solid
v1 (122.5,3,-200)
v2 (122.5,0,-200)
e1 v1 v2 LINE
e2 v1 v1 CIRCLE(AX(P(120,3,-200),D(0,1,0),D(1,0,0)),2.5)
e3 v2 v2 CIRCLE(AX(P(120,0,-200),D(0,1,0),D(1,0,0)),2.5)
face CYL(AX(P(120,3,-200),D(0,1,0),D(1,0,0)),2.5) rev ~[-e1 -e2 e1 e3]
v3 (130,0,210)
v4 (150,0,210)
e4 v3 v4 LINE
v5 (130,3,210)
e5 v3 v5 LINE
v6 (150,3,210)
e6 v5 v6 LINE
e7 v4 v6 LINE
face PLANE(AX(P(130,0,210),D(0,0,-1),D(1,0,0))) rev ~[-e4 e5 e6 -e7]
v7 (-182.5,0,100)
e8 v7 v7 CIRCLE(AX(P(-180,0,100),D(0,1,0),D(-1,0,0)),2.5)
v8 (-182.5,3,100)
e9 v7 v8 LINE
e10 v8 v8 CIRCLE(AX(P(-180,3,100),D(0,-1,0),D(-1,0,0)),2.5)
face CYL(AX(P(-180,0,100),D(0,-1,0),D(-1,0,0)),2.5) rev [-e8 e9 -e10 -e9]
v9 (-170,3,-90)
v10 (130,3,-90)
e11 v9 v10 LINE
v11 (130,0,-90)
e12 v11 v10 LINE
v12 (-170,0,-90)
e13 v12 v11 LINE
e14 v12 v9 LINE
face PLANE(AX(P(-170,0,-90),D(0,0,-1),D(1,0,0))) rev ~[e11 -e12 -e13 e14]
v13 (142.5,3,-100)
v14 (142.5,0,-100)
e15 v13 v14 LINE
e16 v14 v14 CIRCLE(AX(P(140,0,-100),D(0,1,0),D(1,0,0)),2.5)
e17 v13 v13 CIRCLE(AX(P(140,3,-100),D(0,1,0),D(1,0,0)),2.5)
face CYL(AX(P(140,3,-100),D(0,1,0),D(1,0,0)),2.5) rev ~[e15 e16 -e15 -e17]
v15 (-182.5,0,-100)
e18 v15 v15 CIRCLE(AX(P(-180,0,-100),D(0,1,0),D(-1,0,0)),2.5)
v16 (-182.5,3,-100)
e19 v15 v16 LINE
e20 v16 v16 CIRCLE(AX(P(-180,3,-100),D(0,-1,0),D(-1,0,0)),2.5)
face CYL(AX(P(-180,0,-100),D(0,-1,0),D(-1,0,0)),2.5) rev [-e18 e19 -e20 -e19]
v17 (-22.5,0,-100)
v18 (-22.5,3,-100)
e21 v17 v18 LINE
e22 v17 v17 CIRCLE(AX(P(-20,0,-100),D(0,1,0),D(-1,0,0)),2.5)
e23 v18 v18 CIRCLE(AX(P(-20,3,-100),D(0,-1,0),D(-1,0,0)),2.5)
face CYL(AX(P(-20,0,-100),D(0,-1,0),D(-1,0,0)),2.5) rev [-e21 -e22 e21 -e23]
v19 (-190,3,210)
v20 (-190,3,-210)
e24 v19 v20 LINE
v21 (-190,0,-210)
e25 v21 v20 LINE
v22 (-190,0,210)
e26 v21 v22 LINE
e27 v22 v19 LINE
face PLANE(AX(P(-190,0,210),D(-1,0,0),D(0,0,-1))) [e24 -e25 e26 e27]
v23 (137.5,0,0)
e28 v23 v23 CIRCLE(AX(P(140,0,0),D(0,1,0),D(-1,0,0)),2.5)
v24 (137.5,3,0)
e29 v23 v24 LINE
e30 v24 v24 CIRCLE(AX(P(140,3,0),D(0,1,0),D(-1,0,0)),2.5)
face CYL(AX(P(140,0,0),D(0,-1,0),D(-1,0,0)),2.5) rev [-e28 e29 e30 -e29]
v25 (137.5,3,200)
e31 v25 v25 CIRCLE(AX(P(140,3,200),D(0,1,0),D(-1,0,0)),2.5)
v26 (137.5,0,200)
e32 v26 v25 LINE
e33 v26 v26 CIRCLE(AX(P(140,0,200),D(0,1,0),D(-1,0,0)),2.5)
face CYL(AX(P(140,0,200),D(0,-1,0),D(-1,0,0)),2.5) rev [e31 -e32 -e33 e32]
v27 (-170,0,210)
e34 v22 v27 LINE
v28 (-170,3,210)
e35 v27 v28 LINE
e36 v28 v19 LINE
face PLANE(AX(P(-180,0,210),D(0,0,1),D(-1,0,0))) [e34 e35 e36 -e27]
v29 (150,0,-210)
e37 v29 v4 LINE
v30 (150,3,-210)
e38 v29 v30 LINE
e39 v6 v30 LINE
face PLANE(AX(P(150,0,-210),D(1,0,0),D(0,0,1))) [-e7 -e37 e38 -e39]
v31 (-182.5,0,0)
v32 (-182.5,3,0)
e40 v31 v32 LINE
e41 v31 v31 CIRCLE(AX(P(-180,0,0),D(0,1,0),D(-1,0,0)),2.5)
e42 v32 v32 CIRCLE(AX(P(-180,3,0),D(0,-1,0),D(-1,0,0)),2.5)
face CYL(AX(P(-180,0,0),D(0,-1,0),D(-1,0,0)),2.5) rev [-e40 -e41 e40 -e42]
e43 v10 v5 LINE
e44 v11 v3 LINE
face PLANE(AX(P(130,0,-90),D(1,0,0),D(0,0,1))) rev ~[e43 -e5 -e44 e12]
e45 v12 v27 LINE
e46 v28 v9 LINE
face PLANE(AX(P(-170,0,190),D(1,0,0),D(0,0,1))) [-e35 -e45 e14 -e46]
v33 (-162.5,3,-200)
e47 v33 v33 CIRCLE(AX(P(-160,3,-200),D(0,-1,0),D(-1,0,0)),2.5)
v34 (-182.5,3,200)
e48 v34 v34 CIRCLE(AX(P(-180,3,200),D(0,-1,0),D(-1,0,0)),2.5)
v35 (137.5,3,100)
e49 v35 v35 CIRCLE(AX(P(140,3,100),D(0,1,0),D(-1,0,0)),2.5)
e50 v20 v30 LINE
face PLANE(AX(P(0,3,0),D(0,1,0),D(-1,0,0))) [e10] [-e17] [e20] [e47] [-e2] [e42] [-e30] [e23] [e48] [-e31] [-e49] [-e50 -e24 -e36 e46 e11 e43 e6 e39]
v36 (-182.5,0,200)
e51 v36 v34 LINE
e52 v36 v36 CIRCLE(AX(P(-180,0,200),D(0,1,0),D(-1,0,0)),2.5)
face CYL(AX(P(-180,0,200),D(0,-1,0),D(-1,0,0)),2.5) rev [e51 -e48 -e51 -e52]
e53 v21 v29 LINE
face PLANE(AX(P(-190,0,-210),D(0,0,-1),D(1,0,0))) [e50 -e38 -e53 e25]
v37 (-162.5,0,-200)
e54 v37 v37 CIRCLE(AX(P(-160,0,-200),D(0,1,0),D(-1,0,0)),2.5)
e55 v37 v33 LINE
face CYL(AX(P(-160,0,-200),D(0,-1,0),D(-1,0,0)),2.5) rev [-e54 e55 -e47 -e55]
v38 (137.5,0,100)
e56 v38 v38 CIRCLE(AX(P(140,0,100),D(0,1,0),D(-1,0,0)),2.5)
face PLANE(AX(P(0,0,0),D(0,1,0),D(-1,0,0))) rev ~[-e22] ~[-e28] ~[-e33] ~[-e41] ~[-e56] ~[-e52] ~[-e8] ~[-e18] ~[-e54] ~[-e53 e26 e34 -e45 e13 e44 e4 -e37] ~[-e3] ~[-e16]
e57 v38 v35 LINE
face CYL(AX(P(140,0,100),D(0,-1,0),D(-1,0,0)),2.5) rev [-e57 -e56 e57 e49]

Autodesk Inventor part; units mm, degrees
ref_plane "YZ Plane" through (0, 0, 0) normal (1, 0, 0) x (0, 1, 0)
ref_plane "XZ Plane" through (0, 0, 0) normal (0, 1, 0) x (-1, 0, 0)
ref_plane "XY Plane" through (0, 0, 0) normal (0, 0, 1) x (1, 0, 0)
sketch "Sketch1" plane through (0, 0, 0) normal (0, 1, 0) x (-1, 0, 0)
  line L0 (190, 210) -> (190, -210)
  line L1 (190, -210) -> (-150, -210)
  line L2 (-150, -210) -> (-150, 210)
  line L3 (-150, -190) -> (170, -190)
  line L4 (170, -190) -> (170, 190)
  line L5 (-150, -200) -> (180, -200)
  line L6 (180, -200) -> (180, 200)
  line L7 (190, -210) -> (190, -90)
  line L8 (190, -90) -> (-150, -90)
  line L9 (170, 190) -> (170, 210)
  line L10 (180, 200) -> (180, 210)
  line L11 (170, 210) -> (190, 210)
  line L12 (190, -90) -> (190, -100)
  line L13 (190, -100) -> (-150, -100)
  line L14 (190, -100) -> (190, -110)
  line L15 (190, -110) -> (-150, -110)
  circle A0 centre (180, 200) radius 2.5
  circle A1 centre (180, -100) radius 2.5
  circle A2 centre (20, -100) radius 2.5
  circle A3 centre (180, 100) radius 2.5
  circle A4 centre (180, 0) radius 2.5
  line L16 (0, 0) -> (0, 25.5231)
  circle A5 centre (160, -200) radius 2.5
  line L17 (-150, -200) -> (-140, -200)
  line L18 (-140, -200) -> (-130, -200)
  line L19 (-130, -200) -> (-130, 210)
  line L20 (-130, 210) -> (-150, 210)
  circle A6 centre (-140, -100) radius 2.5
  circle A7 centre (-140, 0) radius 2.5
  circle A8 centre (-140, 100) radius 2.5
  circle A9 centre (-140, 200) radius 2.5
  circle A10 centre (20, -200) radius 2.5
  line L21 (20, -200) -> (-120, -200)
  circle A11 centre (-120, -200) radius 2.5
  point P0 (170, -90)
  point P1 (180, -90)
  point P2 (-130, -90)
  point P3 (-130, -190)
  point P4 (180, 2.5)
  point P5 (180, -2.5)
  point P6 (180, 202.5)
  point P7 (180, 197.5)
  point P8 (180, 102.5)
  point P9 (180, 97.5)
  dimension "d0" = 340
  dimension "d1" = 420
  dimension "d2" = 20
  dimension "d3" = 10
  dimension "d4" = 120
  dimension "d5" = 10
  dimension "d6" = 10
  dimension "d7" = 5
  dimension "d9" = 5
  dimension "d11" = 5
  dimension "d12" = 5
  dimension "d13" = 5
  dimension "d15" = 5
  dimension "d25" = 10
  dimension "d26" = 10
  dimension "d27" = 5
  dimension "d30" = 5
  dimension "d31" = 140
  dimension "d32" = 5
extrude "Extrusion1" add sketch "Sketch1" along normal blind 3 contours L0 L8 L6 A4 A3 A0 L10 L11 | L0 L13 A1 L6 L8 | L10 A0 L6 A3 A4 L8 L4 L9 L11 | L0 L15 L6 A1 L13 | L6 A1 L13 L4 L8 | L0 L1 L2 L5 A11 A10 A5 L6 L15 | L4 L13 A2 L19 L8 | L15 L4 L13 A1 L6 | L6 L5 A5 A10 A11 L19 L3 L4 L15 | L4 L15 L19 L13 A2 | L19 L13 A6 L2 L8 | L8 L2 L20 L19 | L4 L3 L19 L15 | L19 L15 L2 L13 A6 | L2 L3 L19 L5 | L19 L3 L2 L15 | A6 L13 | L13 A6 | A10 L5 | L5 A10 | A11 L5 | L5 A11
sketch "Sketch3" plane through (0, 3, 0) normal (0, 1, 0) x (1, 0, 0)
  circle A0 centre (-180, -100) radius 2.5 projected
  circle A1 centre (-20, 100) radius 2.5 projected
  circle A2 centre (-160, 200) radius 2.5 projected
  circle A3 centre (-180, 100) radius 2.5 projected
  circle A4 centre (140, 0) radius 2.5 projected
  circle A5 centre (140, -100) radius 2.5 projected
  circle A6 centre (140, -200) radius 2.5 projected
  circle A7 centre (-180, -200) radius 2.5 projected
  line L0 (-190, 210) -> (-190, -210) projected
  line L1 (-190, -210) -> (-170, -210) projected
  line L2 (-170, -210) -> (-170, 90) projected
  line L3 (-170, 90) -> (130, 90) projected
  line L4 (130, 90) -> (130, -210) projected
  line L5 (130, -210) -> (150, -210) projected
  line L6 (150, -210) -> (150, 210) projected
  line L7 (150, 210) -> (-190, 210) projected
  circle A8 centre (-180, 0) radius 2.5 projected
  circle A9 centre (-20, 200) radius 2.5 projected
  circle A10 centre (120, 200) radius 2.5 projected
  circle A11 centre (-180, -100) radius 2.5 projected
  circle A12 centre (-20, 100) radius 2.5 projected
  circle A13 centre (-160, 200) radius 2.5 projected
  circle A14 centre (-180, 100) radius 2.5 projected
  circle A15 centre (140, 0) radius 2.5 projected
  circle A16 centre (140, -100) radius 2.5 projected
  circle A17 centre (140, -200) radius 2.5 projected
  circle A18 centre (-180, -200) radius 2.5 projected
  line L8 (-190, 210) -> (-190, -210) projected
  line L9 (-190, -210) -> (-170, -210) projected
  line L10 (-170, -210) -> (-170, 90) projected
  line L11 (-170, 90) -> (130, 90) projected
  line L12 (130, 90) -> (130, -210) projected
  line L13 (130, -210) -> (150, -210) projected
  line L14 (150, -210) -> (150, 210) projected
  line L15 (150, 210) -> (-190, 210) projected
  circle A19 centre (-180, 0) radius 2.5 projected
  circle A20 centre (140, 100) radius 2.5 projected
  point P0 (0, 0)
extrude "Extrusion3" cut sketch "Sketch3" against normal blind 3 contours A10 | A20
properties part number "CaraFrontal"
